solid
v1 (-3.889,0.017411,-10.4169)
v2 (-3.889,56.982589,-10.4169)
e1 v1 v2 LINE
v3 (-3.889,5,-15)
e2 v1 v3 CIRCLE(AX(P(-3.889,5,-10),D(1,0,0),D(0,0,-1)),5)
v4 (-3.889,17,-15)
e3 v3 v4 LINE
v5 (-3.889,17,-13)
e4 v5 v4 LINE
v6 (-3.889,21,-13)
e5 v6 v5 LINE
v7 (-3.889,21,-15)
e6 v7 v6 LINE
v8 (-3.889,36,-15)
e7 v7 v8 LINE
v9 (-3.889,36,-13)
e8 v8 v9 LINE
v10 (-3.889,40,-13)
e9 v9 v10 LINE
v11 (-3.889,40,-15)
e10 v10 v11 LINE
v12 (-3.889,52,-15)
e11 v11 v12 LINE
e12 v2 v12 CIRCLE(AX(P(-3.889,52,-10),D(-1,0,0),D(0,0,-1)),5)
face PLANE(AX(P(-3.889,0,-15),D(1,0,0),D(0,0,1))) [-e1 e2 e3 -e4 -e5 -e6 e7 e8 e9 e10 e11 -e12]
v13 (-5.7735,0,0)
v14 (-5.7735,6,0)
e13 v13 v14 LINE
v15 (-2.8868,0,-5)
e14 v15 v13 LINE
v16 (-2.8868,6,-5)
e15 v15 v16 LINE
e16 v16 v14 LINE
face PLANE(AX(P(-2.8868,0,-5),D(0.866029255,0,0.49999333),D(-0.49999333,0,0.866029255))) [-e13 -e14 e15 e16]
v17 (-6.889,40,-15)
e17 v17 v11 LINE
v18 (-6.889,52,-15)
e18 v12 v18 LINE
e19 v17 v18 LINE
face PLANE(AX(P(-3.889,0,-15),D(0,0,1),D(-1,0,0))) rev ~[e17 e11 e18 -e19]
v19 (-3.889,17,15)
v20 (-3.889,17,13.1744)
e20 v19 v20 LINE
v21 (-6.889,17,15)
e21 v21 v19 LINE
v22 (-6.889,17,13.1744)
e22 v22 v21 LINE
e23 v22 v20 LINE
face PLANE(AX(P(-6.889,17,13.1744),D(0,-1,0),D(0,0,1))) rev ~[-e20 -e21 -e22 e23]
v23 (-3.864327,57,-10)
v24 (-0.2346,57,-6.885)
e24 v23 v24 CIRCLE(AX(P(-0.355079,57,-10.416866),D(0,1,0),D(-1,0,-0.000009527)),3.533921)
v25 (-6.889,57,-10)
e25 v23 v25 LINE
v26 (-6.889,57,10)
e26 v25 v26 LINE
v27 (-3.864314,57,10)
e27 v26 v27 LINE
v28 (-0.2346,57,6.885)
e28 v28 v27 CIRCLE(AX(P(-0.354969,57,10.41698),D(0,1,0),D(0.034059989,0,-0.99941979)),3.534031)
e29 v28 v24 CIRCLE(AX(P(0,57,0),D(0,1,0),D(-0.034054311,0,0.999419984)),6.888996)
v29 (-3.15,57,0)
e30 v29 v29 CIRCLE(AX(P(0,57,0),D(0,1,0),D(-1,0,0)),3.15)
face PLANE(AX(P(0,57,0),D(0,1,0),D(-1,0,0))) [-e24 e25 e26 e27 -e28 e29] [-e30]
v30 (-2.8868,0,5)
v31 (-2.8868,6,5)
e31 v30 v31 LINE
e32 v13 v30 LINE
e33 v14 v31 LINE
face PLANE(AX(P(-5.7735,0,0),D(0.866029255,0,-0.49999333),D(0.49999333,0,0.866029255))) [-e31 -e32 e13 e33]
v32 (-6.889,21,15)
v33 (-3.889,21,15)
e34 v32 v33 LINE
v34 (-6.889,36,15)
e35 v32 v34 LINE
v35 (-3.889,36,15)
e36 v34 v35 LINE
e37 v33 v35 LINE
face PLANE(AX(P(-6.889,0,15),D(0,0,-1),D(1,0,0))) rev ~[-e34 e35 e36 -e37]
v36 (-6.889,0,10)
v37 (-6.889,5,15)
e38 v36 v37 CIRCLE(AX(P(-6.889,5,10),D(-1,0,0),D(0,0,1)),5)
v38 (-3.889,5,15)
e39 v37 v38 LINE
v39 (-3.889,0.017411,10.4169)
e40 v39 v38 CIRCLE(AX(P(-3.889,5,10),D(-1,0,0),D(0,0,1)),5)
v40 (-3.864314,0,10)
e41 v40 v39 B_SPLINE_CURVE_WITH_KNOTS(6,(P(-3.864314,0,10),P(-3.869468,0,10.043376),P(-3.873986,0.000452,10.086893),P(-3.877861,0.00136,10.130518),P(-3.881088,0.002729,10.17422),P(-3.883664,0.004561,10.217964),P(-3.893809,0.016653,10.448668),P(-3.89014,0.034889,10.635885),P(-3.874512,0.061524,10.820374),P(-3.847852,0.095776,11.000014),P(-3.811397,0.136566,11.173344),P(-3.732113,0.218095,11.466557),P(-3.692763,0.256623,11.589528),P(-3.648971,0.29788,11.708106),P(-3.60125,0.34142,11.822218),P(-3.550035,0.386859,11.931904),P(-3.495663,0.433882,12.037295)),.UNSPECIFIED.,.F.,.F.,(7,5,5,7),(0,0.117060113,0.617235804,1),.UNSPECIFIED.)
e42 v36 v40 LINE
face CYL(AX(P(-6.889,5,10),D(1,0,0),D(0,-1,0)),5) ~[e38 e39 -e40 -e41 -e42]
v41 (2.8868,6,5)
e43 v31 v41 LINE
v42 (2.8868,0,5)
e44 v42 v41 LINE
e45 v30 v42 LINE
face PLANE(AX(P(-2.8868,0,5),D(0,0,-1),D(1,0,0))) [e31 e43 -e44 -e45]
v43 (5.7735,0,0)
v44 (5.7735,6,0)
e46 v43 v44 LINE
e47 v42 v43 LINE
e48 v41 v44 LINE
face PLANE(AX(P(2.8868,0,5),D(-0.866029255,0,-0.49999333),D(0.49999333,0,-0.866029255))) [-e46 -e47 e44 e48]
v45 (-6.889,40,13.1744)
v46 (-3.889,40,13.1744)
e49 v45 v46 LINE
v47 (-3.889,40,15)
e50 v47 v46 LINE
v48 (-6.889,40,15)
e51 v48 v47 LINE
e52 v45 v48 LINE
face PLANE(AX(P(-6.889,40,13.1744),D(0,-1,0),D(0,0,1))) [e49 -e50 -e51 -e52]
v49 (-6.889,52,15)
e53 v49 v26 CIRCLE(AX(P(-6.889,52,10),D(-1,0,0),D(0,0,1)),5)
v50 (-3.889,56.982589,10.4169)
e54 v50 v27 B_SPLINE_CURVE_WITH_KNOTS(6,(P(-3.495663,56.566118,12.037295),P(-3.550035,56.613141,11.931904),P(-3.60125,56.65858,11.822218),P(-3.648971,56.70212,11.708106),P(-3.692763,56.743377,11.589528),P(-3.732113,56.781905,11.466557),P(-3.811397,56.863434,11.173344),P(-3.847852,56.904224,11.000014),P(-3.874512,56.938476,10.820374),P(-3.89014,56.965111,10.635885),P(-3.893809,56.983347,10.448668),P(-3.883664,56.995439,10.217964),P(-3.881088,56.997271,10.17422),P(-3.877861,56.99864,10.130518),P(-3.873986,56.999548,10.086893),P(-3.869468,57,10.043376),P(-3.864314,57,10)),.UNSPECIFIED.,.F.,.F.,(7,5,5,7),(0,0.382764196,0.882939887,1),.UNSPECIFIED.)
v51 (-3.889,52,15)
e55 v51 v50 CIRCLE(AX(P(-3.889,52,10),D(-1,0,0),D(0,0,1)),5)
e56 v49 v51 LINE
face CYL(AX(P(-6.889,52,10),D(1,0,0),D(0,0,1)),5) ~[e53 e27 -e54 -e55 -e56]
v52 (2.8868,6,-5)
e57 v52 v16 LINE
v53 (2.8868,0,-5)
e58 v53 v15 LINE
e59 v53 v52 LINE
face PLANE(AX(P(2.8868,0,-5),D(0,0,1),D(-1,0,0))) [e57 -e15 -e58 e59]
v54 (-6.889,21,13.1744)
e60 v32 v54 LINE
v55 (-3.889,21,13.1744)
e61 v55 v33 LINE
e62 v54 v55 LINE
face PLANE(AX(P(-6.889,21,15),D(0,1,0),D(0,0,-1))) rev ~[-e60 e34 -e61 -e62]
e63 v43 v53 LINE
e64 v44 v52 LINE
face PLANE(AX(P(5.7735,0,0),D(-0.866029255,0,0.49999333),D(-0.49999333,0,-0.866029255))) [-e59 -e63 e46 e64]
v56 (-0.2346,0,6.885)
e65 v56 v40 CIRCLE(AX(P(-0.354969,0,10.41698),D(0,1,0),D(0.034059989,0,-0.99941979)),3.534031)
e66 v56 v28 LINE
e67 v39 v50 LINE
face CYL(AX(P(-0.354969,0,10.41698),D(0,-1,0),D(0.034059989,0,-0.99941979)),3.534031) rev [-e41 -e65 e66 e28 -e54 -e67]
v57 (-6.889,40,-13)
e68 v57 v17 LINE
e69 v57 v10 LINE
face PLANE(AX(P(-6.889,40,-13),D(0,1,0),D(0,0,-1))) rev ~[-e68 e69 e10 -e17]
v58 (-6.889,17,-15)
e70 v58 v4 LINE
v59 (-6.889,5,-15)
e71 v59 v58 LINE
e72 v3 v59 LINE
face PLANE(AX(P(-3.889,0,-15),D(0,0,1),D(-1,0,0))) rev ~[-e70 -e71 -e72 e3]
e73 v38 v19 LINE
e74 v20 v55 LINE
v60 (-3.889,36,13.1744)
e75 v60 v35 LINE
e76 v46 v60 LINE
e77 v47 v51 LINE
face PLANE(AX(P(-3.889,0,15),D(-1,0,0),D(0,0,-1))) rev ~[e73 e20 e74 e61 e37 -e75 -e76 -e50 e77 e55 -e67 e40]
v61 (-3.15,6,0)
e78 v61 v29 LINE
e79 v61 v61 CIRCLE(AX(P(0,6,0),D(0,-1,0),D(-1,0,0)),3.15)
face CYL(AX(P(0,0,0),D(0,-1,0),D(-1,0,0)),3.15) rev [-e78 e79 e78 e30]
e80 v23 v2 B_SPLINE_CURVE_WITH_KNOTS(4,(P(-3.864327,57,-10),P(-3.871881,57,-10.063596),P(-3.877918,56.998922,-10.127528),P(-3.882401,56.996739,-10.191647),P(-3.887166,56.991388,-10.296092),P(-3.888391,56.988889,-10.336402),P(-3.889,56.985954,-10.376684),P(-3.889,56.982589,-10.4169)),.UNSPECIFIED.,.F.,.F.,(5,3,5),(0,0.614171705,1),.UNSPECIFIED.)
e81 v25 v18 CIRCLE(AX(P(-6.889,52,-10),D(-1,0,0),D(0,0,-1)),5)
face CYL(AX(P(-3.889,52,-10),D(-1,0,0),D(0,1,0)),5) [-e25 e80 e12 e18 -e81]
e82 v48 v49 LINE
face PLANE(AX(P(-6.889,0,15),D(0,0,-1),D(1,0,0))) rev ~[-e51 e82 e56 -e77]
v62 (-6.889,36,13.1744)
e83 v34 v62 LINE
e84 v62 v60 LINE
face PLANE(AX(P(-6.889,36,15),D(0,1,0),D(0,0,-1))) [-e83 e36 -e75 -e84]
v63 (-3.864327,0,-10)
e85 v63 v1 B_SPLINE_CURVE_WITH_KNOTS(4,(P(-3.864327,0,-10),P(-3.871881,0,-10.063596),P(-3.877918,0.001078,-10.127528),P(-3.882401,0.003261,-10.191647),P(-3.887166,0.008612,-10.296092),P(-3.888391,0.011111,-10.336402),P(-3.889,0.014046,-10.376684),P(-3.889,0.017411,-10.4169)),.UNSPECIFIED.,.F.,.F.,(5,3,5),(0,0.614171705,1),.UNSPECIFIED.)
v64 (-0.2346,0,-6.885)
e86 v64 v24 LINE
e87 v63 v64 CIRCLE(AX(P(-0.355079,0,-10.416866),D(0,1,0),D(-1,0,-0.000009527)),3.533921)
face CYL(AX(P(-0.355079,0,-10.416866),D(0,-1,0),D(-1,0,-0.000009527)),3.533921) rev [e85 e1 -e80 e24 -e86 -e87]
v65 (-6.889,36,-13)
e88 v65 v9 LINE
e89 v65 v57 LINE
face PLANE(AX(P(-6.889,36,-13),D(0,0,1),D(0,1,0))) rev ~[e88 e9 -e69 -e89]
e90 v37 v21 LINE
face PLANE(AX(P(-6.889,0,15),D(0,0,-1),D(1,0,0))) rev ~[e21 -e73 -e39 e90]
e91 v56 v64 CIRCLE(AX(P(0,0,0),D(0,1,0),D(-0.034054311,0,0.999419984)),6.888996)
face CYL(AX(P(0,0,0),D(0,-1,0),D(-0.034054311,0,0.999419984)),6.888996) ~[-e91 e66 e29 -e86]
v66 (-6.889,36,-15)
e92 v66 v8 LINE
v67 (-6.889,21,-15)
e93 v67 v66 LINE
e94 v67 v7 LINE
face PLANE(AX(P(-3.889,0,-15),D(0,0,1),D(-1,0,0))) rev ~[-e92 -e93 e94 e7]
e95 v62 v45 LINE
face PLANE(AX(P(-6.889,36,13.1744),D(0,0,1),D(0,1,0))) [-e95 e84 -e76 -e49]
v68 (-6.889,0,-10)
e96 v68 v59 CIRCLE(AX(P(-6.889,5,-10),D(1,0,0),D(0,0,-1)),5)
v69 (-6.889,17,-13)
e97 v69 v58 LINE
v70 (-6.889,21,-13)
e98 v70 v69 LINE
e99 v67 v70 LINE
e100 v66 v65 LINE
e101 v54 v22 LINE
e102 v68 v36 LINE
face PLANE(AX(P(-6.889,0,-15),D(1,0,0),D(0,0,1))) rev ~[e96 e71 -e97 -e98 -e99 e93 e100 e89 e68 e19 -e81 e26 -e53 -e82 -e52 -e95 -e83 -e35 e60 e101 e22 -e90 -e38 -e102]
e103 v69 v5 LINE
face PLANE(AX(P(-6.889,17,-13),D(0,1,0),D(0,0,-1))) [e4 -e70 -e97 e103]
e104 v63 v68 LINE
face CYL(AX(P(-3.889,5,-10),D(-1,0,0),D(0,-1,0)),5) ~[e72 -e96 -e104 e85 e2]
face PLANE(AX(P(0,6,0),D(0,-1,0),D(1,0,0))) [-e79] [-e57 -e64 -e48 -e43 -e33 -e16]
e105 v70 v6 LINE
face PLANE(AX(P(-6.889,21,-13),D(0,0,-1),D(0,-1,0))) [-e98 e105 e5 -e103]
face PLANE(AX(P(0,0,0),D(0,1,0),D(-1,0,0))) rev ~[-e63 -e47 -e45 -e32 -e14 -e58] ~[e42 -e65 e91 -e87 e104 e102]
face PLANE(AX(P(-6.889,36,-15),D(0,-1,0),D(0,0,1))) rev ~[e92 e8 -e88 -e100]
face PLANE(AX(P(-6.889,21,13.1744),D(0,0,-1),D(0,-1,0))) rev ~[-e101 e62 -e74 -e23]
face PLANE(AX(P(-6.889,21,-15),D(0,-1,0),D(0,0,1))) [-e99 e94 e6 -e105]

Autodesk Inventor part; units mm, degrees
ref_plane "YZ Plane" through (0, 0, 0) normal (1, 0, 0) x (0, 1, 0)
ref_plane "XZ Plane" through (0, 0, 0) normal (0, 1, 0) x (-1, 0, 0)
ref_plane "XY Plane" through (0, 0, 0) normal (0, 0, 1) x (1, 0, 0)
sketch "Boceto1" plane through (0, 0, 0) normal (0, 1, 0) x (-1, 0, 0)
  circle A0 centre (0, 0) radius 3.15
  line L0 (6.889, 15) -> (3.889, 15)
  line L1 (3.889, -15) -> (6.889, -15)
  line L2 (6.889, -15) -> (6.889, 15)
  line L3 (0, 0) -> (3.15, 0) construction
  arc A1 (0.2346, 6.885) -> (0.2346, -6.885) centre (0, 0) ccw
  line L4 (3.889, 15) -> (3.889, 10.4169)
  line L5 (3.889, -15) -> (3.889, -10.4169)
  arc A2 (0.2346, 6.885) -> (3.889, 10.4169) centre (0.355, 10.4169) ccw
  arc A3 (3.889, -10.4169) -> (0.2346, -6.885) centre (0.355, -10.4169) ccw
  line L6 (2.9445, 5.1) -> (5.889, 0) construction
  line L7 (5.889, 0) -> (2.9445, -5.1) construction
  line L8 (2.9445, -5.1) -> (-2.9445, -5.1) construction
  line L9 (-2.9445, -5.1) -> (-5.889, 0) construction
  line L10 (-5.889, 0) -> (-2.9445, 5.1) construction
  line L11 (-2.9445, 5.1) -> (2.9445, 5.1) construction
  line L12 (5.889, 0) -> (6.889, 0) construction
  line L13 (-5.889, 0) -> (-6.889, 0) construction
  dimension "d0" = 6.3
  dimension "d3" = 10.2
  dimension "d4" = 1
  dimension "d5" = 3
  dimension "d12" = 30
extrude "Extrusión1" add sketch "Boceto1" along normal blind 57
sketch "Boceto2" plane through (0, 0, 0) normal (0, -1, 0) x (1, 0, 0)
  line L0 (-5.7735, 0) -> (-2.8868, 5)
  line L1 (-2.8868, 5) -> (2.8868, 5)
  line L2 (2.8868, 5) -> (5.7735, 0)
  line L3 (5.7735, 0) -> (2.8868, -5)
  line L4 (2.8868, -5) -> (-2.8868, -5)
  line L5 (-2.8868, -5) -> (-5.7735, 0)
  point P0 (0, 0)
  point P1 (0, 0)
  dimension "d8" = 10
extrude "Extrusión2" cut sketch "Boceto2" against normal blind 6
sketch "Boceto4" plane through (-6.889, 0, -15) normal (-1, 0, 0) x (0, 0, 1)
  line L0 (0, 0) -> (0, 57) projected
  line L1 (0, 28.5) -> (30, 28.5) construction
  line L2 (30, 0) -> (30, 57) projected
  line L3 (0, 36) -> (2, 36)
  line L4 (2, 36) -> (2, 40)
  line L5 (2, 40) -> (0, 40)
  line L6 (0, 40) -> (0, 36)
  line L7 (30, 36) -> (28.1744, 36)
  line L8 (28.1744, 36) -> (28.1744, 40)
  line L9 (28.1744, 40) -> (30, 40)
  line L10 (30, 40) -> (30, 36)
  line L11 (0, 21) -> (2, 21)
  line L12 (2, 21) -> (2, 17)
  line L13 (2, 17) -> (0, 17)
  line L14 (0, 17) -> (0, 21)
  line L15 (30, 21) -> (28.1744, 21)
  line L16 (28.1744, 21) -> (28.1744, 17)
  line L17 (28.1744, 17) -> (30, 17)
  line L18 (30, 17) -> (30, 21)
  line L19 (2, 40) -> (28.1744, 40) construction
  line L20 (2, 36) -> (28.1744, 36) construction
  line L21 (2, 21) -> (28.1744, 21) construction
  line L22 (2, 17) -> (28.1744, 17) construction
  point P0 (15, 0)
  dimension "d13" = 2
  dimension "d14" = 4
  dimension "d15" = 15
extrude "Extrusión3" cut sketch "Boceto4" against normal up to next
fillet "Empalme1" radius 5 4 edges at (-5.389, 57, -15) (-5.389, 57, 15) (-5.389, 0, 15) (-5.389, 0, -15)
properties part number "Soporte ESC"
